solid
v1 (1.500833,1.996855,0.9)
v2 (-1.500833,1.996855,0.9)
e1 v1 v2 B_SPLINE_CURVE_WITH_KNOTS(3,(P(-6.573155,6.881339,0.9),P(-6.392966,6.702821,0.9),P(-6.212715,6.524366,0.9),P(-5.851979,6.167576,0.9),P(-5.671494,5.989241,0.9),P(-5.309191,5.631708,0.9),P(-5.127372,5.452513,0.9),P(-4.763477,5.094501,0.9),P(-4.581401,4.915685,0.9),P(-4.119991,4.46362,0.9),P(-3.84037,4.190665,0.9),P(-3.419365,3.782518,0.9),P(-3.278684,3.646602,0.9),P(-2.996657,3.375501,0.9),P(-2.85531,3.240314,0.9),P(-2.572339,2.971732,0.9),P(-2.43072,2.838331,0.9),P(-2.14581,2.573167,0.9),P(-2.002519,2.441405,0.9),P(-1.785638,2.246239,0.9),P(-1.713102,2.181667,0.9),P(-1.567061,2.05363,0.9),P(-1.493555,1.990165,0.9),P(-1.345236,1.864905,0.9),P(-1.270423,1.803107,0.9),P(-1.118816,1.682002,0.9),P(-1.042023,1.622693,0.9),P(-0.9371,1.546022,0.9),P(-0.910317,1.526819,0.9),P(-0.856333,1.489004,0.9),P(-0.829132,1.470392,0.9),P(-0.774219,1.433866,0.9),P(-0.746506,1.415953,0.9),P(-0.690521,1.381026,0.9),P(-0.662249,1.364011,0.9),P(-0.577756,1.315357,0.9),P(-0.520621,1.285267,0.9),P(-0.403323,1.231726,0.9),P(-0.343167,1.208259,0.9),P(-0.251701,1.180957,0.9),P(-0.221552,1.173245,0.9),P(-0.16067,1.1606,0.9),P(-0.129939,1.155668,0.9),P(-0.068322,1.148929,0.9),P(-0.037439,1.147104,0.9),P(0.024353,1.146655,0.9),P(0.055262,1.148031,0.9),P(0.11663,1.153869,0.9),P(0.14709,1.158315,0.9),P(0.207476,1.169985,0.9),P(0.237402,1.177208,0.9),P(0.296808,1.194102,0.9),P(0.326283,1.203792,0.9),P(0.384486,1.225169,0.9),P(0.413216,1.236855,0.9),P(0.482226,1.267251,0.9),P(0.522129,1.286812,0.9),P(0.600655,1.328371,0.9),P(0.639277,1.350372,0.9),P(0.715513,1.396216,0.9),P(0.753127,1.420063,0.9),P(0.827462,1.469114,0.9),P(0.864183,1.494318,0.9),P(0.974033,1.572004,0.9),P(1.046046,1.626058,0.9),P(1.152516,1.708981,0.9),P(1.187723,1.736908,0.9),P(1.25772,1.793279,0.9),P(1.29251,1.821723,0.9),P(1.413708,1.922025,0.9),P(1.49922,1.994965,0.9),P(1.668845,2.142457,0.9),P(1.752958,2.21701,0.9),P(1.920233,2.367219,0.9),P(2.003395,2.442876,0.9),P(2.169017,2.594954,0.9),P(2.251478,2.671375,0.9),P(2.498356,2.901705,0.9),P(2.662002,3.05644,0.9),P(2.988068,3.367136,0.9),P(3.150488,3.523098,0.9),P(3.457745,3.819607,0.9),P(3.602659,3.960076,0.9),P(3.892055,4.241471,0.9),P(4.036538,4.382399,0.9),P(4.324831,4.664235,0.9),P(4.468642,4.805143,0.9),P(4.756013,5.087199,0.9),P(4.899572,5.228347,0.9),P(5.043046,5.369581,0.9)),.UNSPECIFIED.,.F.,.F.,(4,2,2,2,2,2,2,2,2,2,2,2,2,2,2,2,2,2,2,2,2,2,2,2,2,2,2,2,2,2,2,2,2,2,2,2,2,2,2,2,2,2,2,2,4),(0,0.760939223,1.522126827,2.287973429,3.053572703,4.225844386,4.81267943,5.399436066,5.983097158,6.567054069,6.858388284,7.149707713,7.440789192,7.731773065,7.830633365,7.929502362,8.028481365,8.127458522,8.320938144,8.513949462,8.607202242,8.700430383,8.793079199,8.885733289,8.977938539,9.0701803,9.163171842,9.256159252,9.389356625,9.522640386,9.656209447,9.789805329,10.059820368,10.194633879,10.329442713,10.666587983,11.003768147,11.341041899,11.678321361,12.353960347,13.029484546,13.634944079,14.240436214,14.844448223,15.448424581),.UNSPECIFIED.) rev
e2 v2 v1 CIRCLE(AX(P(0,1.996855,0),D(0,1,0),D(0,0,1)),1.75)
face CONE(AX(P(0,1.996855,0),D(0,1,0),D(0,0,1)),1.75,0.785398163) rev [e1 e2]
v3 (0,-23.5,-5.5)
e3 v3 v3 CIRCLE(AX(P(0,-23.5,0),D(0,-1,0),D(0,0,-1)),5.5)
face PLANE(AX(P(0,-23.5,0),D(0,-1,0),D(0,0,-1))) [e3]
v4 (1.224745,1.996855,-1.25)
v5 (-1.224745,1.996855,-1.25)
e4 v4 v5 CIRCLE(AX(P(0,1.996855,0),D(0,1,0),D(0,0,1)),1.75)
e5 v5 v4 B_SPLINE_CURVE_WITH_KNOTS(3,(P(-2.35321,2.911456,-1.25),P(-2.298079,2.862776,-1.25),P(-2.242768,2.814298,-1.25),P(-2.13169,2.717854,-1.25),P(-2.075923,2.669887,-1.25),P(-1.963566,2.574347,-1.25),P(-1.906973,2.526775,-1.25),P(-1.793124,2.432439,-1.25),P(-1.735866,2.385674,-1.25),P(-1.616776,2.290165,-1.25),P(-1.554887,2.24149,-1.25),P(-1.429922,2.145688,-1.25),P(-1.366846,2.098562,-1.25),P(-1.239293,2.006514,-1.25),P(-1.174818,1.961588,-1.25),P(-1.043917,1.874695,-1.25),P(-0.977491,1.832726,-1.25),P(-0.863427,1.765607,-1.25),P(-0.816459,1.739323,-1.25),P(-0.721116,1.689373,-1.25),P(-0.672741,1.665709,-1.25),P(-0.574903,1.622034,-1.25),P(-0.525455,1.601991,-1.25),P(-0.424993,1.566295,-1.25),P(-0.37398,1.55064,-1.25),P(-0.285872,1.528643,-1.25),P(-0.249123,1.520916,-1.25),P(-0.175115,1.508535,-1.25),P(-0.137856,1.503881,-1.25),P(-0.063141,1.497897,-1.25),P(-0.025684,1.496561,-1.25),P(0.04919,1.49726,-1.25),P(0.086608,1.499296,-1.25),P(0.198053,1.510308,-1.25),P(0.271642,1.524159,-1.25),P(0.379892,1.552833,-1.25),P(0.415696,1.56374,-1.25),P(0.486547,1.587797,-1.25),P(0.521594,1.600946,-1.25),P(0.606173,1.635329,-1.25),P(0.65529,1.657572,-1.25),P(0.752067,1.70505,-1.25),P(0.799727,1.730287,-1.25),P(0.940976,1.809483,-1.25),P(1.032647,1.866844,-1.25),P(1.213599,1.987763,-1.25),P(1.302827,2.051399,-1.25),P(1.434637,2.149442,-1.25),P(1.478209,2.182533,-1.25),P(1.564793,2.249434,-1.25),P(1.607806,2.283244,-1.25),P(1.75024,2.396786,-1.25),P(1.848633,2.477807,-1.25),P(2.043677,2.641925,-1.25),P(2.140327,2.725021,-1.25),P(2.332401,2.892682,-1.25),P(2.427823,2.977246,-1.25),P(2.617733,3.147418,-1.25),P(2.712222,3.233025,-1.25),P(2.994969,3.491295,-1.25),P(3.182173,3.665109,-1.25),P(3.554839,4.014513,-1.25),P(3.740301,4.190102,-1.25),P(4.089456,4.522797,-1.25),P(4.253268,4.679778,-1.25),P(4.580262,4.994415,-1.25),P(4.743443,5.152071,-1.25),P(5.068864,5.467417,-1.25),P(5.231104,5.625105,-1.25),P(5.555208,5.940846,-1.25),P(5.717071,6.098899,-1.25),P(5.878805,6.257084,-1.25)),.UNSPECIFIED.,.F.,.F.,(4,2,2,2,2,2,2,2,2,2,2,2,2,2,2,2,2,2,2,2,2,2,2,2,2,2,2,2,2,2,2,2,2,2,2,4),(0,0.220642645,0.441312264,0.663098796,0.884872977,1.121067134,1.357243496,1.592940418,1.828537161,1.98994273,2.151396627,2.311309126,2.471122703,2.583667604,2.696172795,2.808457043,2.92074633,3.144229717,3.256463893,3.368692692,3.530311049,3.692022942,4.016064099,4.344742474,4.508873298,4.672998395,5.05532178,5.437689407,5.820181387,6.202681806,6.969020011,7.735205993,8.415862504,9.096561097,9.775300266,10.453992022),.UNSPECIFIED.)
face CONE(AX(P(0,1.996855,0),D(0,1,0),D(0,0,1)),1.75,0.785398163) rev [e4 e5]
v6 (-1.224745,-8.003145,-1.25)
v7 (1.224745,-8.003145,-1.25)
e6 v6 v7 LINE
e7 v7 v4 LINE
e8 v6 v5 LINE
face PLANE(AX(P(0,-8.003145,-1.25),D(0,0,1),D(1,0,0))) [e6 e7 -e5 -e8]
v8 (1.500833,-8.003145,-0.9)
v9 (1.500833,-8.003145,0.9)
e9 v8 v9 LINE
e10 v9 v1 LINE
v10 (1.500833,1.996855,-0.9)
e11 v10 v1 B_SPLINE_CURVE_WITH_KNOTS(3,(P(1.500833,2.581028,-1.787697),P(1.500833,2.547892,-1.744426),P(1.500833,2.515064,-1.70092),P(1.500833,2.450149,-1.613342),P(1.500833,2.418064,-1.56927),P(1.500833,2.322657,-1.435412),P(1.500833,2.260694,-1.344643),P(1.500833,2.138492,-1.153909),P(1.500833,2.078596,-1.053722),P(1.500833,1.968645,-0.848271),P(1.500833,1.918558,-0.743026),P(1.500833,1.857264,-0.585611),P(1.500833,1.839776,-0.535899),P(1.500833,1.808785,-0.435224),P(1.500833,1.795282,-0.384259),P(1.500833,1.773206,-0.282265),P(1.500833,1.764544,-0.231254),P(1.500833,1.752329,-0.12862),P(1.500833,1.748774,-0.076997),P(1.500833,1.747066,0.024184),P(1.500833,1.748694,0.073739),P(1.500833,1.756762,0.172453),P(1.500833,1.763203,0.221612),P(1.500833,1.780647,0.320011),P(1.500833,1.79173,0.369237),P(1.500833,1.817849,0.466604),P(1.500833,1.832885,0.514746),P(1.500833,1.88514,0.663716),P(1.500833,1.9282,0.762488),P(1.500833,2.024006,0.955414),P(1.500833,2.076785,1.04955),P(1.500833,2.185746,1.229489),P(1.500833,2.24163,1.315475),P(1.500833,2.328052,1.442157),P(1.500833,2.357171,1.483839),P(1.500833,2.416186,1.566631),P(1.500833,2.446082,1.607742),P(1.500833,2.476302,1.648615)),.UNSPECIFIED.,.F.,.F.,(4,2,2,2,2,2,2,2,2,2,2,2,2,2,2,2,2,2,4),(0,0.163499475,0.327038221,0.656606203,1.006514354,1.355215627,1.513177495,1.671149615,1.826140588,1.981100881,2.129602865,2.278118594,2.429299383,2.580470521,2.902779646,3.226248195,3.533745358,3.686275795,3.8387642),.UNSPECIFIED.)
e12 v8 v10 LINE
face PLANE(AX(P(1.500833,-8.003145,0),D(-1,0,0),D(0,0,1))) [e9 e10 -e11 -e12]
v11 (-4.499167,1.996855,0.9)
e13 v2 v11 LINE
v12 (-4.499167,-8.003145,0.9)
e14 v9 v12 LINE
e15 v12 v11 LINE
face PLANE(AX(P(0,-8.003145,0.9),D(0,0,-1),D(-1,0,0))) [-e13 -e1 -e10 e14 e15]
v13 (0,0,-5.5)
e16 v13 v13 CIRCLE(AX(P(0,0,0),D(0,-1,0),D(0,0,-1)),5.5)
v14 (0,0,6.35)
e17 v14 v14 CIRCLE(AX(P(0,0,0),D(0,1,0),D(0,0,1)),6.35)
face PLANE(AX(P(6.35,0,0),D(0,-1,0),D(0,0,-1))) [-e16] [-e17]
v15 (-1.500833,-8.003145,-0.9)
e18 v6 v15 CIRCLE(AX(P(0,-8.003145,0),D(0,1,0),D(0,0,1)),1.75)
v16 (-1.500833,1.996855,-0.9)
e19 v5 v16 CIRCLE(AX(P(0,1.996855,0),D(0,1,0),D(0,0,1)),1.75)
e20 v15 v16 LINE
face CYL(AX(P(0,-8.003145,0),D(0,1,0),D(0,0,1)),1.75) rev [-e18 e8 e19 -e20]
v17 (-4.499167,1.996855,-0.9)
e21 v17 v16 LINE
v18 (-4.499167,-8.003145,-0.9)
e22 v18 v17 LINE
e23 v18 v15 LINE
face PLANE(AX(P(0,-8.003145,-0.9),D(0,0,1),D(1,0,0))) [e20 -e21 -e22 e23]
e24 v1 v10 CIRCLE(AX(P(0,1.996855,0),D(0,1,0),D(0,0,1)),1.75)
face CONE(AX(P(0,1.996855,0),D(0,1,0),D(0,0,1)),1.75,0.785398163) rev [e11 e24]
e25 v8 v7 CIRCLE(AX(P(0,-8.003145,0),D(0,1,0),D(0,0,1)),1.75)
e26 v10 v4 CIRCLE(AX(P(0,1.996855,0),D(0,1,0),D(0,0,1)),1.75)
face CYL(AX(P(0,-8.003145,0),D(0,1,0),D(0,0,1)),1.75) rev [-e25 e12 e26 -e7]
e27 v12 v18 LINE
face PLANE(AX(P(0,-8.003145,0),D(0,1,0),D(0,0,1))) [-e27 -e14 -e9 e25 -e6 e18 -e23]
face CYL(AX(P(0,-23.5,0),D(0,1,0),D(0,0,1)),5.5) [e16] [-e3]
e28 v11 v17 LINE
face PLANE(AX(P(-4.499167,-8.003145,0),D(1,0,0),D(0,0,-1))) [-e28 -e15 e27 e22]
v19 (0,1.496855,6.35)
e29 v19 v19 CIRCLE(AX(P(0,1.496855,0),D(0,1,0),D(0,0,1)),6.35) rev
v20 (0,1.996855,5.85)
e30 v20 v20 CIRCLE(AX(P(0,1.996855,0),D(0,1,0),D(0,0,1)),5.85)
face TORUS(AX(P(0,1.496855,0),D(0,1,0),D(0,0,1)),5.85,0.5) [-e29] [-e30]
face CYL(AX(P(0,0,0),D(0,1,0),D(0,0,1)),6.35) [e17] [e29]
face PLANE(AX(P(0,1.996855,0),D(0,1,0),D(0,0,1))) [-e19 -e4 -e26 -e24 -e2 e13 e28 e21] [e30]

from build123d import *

# Parameters (mm, degrees)
SKETCH1_W           = 6.35
SKETCH1_H           = 1.996855346
SKETCH2_R           = 5.5
BOSS_EXTRUDE1_DEPTH = 23.5
CUT_EXTRUDE1_DEPTH  = 10
FILLET1_R           = 0.5


with BuildPart() as part:
    # Sketch1 → Revolve1 (revolve)
    with BuildSketch(Plane(origin=(0, 0, 0), x_dir=(-1, 0, 0), z_dir=(0, 0, -1))):
        with Locations((-3.175, 0.998427673)):
            Rectangle(SKETCH1_W, SKETCH1_H)
    revolve(axis=Axis((0, 0, 0), (0, 1, 0)))

    # Sketch2 → Boss-Extrude1 (add)
    with BuildSketch(Plane.XZ):
        Circle(SKETCH2_R)
    extrude(amount=BOSS_EXTRUDE1_DEPTH)

    # Sketch3 → Cut-Extrude1 (cut)
    with BuildSketch(Plane(origin=(0, 1.996855346, 0), x_dir=(-1, 0, 0), z_dir=(0, 1, 0))):
        with BuildLine():
            Line((4.499166898, 0.9), (-1.500833102, 0.9))
            Line((-1.500833102, 0.9), (-1.500833102, -0.9))
            ThreePointArc((-1.500833102, -0.9), (-1.373979193, -1.083827098), (-1.224744871, -1.25))
            Line((-1.224744871, -1.25), (1.224744871, -1.25))
            ThreePointArc((1.224744871, -1.25), (1.373979193, -1.083827098), (1.500833102, -0.9))
            Line((1.500833102, -0.9), (4.499166898, -0.9))
            Line((4.499166898, -0.9), (4.499166898, 0.9))
        make_face()
    extrude(amount=-CUT_EXTRUDE1_DEPTH, mode=Mode.SUBTRACT)

    # Fillet1
    fillet1_edges = [part.edges().sort_by_distance(p)[0] for p in [
        (-6.35, 1.996855346, 0),
    ]]
    fillet(fillet1_edges, radius=FILLET1_R)

    # Cut-Extrude2 cone 1 section (through the dimple's axis) → Cut-Extrude2 (revolve, cut)
    with BuildSketch(Plane(origin=(0, 1.996855346, 0), x_dir=(0, 0, 1), z_dir=(1, 0, 0))):
        Polygon((0, 0), (1.75, 0), (0, 1.75), align=None)
    revolve(axis=Axis((0, 1.996855346, 0), (0, -1, 0)), mode=Mode.SUBTRACT)


solid = part.part
